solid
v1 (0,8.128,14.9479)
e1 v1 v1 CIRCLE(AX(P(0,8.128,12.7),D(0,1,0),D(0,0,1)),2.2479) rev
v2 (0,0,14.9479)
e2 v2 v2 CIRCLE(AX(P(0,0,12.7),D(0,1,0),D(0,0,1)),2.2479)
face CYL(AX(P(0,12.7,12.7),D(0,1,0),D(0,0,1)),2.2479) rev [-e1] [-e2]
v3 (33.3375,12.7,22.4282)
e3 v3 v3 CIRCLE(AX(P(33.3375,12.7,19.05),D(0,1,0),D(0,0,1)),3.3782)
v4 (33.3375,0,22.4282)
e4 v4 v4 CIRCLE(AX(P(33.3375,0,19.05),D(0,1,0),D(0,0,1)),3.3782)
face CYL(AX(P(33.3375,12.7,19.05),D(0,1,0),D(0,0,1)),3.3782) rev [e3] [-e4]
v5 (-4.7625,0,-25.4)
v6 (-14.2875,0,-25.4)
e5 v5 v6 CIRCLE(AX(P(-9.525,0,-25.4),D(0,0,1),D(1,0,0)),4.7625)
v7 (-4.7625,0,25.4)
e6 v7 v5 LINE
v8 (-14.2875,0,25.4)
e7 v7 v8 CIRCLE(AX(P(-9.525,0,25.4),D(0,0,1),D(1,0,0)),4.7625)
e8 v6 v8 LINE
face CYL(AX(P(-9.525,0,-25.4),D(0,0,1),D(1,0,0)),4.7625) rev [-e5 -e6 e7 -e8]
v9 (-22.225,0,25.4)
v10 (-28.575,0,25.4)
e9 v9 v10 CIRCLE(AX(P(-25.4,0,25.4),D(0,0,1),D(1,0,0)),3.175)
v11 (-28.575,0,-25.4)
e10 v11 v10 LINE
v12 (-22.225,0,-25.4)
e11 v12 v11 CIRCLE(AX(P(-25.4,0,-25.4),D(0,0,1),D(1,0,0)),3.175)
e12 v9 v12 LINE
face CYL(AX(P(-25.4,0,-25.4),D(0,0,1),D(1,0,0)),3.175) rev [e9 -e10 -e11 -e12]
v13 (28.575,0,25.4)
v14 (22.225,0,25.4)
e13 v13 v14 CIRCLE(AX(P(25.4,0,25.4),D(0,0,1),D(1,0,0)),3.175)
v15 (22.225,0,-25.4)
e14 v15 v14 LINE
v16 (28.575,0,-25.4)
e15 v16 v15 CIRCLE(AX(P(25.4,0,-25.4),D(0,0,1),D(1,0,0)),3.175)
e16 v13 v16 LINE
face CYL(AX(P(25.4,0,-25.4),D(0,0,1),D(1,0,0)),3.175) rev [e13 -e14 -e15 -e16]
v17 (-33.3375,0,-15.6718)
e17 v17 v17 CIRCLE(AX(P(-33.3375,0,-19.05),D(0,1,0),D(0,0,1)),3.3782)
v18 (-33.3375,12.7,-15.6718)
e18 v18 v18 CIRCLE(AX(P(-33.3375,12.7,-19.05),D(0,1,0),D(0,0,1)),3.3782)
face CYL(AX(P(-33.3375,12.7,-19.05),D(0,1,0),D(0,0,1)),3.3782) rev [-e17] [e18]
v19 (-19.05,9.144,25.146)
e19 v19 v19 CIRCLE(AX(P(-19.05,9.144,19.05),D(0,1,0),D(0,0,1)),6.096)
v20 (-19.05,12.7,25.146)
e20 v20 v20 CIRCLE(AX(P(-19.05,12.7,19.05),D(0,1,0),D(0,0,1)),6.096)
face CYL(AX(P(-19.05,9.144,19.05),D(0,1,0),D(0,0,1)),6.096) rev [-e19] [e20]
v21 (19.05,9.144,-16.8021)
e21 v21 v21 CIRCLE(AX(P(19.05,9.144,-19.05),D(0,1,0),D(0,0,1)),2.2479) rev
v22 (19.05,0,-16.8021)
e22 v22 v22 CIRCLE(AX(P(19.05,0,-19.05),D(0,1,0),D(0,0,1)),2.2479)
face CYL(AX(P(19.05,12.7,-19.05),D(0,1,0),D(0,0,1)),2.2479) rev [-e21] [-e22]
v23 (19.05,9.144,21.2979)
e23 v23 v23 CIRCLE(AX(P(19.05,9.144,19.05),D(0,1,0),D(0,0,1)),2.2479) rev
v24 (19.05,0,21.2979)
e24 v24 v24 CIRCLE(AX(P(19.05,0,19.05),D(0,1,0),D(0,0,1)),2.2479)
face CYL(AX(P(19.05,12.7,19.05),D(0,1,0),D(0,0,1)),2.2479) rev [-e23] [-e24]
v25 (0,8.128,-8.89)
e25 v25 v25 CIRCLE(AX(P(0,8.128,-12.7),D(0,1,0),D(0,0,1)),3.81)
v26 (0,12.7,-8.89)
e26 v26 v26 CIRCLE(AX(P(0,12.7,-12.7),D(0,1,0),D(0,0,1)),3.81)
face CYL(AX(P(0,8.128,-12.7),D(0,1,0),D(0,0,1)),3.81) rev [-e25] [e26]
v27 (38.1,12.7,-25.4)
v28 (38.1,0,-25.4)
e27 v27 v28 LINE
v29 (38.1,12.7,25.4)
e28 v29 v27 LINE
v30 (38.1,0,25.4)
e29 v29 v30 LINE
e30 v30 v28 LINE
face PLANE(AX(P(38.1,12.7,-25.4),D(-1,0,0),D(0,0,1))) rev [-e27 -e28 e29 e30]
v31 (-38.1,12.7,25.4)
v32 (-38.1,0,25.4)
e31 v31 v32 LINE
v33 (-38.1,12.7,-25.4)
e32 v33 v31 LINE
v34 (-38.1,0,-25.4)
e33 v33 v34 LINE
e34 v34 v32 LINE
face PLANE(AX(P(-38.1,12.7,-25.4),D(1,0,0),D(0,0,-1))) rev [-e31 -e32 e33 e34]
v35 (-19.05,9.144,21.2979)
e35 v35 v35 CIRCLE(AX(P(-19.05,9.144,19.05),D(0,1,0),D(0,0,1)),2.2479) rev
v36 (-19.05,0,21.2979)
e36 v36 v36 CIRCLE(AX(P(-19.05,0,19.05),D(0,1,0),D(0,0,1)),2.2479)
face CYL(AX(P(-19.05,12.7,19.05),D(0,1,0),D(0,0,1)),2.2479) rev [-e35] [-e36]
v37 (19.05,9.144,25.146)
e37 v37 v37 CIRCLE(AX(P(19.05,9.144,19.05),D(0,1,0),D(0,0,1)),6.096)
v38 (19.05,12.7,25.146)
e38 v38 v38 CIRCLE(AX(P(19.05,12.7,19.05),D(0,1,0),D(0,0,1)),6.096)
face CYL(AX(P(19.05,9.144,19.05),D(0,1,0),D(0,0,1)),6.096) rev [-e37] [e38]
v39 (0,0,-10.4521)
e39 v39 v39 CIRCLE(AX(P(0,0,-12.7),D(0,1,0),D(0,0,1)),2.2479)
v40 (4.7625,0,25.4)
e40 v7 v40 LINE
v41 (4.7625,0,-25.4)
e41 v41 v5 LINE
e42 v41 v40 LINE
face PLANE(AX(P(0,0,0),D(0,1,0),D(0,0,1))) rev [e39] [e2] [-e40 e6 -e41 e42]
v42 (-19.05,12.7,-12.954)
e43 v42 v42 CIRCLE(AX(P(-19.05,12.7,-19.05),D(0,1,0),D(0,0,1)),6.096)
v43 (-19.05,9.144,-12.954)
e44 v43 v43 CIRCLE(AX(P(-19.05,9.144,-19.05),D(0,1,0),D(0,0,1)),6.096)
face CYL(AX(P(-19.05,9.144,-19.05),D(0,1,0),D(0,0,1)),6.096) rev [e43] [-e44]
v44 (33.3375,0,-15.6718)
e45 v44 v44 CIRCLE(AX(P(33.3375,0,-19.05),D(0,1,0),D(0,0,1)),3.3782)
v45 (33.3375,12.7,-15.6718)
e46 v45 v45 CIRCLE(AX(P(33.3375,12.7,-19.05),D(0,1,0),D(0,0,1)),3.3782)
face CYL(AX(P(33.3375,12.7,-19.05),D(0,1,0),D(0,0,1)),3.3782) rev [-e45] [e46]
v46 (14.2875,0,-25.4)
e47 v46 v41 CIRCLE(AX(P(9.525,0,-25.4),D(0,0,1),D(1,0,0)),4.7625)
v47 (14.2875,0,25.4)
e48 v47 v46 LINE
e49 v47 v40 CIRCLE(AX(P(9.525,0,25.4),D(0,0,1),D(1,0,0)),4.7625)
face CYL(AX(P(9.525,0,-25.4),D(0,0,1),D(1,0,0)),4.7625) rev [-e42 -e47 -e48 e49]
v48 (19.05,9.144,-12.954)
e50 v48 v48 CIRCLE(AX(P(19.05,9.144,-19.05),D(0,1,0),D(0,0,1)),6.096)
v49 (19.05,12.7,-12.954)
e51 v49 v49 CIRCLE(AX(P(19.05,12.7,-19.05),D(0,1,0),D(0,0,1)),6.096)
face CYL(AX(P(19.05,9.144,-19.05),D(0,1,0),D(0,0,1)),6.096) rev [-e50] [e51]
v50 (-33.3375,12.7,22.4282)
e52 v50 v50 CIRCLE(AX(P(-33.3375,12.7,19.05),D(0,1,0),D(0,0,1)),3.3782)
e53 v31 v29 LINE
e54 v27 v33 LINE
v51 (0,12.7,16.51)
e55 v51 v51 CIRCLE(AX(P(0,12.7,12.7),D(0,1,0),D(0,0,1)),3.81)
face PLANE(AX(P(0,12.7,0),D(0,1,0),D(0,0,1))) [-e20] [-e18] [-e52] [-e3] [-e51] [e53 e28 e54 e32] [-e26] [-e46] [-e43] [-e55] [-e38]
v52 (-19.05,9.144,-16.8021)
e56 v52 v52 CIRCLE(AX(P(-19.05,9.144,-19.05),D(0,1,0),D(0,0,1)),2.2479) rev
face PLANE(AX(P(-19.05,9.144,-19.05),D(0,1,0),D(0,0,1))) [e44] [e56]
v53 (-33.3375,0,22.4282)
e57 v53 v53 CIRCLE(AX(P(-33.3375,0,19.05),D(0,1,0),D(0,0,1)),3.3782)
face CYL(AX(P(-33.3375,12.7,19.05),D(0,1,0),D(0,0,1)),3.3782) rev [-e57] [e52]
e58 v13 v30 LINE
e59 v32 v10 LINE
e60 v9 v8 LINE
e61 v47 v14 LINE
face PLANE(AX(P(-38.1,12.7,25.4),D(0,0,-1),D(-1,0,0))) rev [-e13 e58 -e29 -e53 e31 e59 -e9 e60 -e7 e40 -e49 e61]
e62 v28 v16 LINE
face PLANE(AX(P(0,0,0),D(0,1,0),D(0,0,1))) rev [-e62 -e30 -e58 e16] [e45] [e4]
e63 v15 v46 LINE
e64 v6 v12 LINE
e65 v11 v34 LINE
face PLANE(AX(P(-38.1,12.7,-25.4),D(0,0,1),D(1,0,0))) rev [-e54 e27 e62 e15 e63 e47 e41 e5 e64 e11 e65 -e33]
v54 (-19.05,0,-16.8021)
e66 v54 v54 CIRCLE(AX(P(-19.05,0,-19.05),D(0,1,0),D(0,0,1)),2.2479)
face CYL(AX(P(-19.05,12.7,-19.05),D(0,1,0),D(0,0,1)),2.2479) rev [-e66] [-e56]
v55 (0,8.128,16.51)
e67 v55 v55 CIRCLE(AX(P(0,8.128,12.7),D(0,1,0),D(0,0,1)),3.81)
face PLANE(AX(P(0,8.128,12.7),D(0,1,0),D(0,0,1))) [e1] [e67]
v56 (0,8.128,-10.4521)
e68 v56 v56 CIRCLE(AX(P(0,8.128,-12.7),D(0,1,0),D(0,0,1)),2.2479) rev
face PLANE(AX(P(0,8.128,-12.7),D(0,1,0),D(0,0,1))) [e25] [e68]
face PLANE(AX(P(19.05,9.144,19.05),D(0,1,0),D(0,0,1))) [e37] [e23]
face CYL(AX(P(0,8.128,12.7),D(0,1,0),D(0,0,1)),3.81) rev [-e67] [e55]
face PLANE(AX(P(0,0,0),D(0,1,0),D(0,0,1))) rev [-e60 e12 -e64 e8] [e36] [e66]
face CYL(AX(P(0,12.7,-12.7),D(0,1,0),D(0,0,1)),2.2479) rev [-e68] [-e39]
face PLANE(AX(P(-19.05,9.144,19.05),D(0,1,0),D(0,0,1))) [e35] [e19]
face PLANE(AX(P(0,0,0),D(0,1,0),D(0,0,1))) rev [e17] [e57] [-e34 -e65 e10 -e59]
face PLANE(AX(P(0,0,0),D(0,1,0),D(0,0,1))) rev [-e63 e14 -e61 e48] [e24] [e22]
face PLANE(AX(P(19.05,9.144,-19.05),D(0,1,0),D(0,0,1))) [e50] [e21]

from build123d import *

# Parameters (mm, degrees)
SKETCH1_W               = 76.2
SKETCH1_H               = 50.8
BOSS_EXTRUDE1_DEPTH     = 12.7
SKETCH2_R               = 3.175
CUT_EXTRUDE1_DEPTH      = 65.757547823
SKETCH3_R               = 4.7625
CUT_EXTRUDE2_DEPTH      = 65.757547823
F_1_4_CLEARANCE_HOLE1_D = 6.7564
F_8_CLEARANCE_HOLE1_D   = 4.4958
SKETCH10_R              = 3.81
CUT_EXTRUDE3_DEPTH      = 4.572
SKETCH11_R              = 6.096
CUT_EXTRUDE4_DEPTH      = 3.556


with BuildPart() as part:
    # Sketch1 → Boss-Extrude1 (new body)
    with BuildSketch(Plane(origin=(0, 0, 0), x_dir=(1, 0, 0), z_dir=(0, 1, 0))):
        Rectangle(SKETCH1_W, SKETCH1_H)
    extrude(amount=BOSS_EXTRUDE1_DEPTH)

    # Sketch2 → Cut-Extrude1 (cut, through all)
    with BuildSketch(Plane.XY.offset(25.4)):
        with Locations((-25.4, 0)):
            Circle(SKETCH2_R)
        with Locations((25.4, 0)):
            Circle(SKETCH2_R)
    extrude(amount=-CUT_EXTRUDE1_DEPTH, mode=Mode.SUBTRACT)

    # Sketch3 → Cut-Extrude2 (cut, through all)
    with BuildSketch(Plane.XY.offset(25.4)):
        with Locations((-9.525, 0)):
            Circle(SKETCH3_R)
        with Locations((9.525, 0)):
            Circle(SKETCH3_R)
    extrude(amount=-CUT_EXTRUDE2_DEPTH, mode=Mode.SUBTRACT)

    # 1/4 Clearance Hole1 (through all)
    with Locations(Plane(origin=(0, 12.7, 0), x_dir=(1, 0, 0), z_dir=(0, 1, 0))):
        with Locations((-33.3375, -19.05), (-33.3375, 19.05), (33.3375, 19.05), (33.3375, -19.05)):
            Hole(F_1_4_CLEARANCE_HOLE1_D / 2)

    # #8 Clearance Hole1 (through all)
    with Locations(Plane(origin=(0, 12.7, 0), x_dir=(1, 0, 0), z_dir=(0, 1, 0))):
        with Locations((-19.05, 19.05), (-19.05, -19.05), (19.05, -19.05), (19.05, 19.05), (0, 12.7), (0, -12.7)):
            Hole(F_8_CLEARANCE_HOLE1_D / 2)

    # Sketch10 → Cut-Extrude3 (cut)
    with BuildSketch(Plane(origin=(0, 12.7, 0), x_dir=(1, 0, 0), z_dir=(0, 1, 0))):
        with Locations(Location((0, 12.7, 0), (0, 0, 270))):
            Circle(SKETCH10_R)
        with Locations(Location((0, -12.7, 0), (0, 0, 270))):
            Circle(SKETCH10_R)
    extrude(amount=-CUT_EXTRUDE3_DEPTH, mode=Mode.SUBTRACT)

    # Sketch11 → Cut-Extrude4 (cut)
    with BuildSketch(Plane(origin=(0, 12.7, 0), x_dir=(1, 0, 0), z_dir=(0, 1, 0))):
        with Locations(Location((-19.05, 19.05, 0), (0, 0, 270))):
            Circle(SKETCH11_R)
        with Locations(Location((-19.05, -19.05, 0), (0, 0, 270))):
            Circle(SKETCH11_R)
        with Locations(Location((19.05, -19.05, 0), (0, 0, 270))):
            Circle(SKETCH11_R)
        with Locations(Location((19.05, 19.05, 0), (0, 0, 270))):
            Circle(SKETCH11_R)
    extrude(amount=-CUT_EXTRUDE4_DEPTH, mode=Mode.SUBTRACT)


solid = part.part
